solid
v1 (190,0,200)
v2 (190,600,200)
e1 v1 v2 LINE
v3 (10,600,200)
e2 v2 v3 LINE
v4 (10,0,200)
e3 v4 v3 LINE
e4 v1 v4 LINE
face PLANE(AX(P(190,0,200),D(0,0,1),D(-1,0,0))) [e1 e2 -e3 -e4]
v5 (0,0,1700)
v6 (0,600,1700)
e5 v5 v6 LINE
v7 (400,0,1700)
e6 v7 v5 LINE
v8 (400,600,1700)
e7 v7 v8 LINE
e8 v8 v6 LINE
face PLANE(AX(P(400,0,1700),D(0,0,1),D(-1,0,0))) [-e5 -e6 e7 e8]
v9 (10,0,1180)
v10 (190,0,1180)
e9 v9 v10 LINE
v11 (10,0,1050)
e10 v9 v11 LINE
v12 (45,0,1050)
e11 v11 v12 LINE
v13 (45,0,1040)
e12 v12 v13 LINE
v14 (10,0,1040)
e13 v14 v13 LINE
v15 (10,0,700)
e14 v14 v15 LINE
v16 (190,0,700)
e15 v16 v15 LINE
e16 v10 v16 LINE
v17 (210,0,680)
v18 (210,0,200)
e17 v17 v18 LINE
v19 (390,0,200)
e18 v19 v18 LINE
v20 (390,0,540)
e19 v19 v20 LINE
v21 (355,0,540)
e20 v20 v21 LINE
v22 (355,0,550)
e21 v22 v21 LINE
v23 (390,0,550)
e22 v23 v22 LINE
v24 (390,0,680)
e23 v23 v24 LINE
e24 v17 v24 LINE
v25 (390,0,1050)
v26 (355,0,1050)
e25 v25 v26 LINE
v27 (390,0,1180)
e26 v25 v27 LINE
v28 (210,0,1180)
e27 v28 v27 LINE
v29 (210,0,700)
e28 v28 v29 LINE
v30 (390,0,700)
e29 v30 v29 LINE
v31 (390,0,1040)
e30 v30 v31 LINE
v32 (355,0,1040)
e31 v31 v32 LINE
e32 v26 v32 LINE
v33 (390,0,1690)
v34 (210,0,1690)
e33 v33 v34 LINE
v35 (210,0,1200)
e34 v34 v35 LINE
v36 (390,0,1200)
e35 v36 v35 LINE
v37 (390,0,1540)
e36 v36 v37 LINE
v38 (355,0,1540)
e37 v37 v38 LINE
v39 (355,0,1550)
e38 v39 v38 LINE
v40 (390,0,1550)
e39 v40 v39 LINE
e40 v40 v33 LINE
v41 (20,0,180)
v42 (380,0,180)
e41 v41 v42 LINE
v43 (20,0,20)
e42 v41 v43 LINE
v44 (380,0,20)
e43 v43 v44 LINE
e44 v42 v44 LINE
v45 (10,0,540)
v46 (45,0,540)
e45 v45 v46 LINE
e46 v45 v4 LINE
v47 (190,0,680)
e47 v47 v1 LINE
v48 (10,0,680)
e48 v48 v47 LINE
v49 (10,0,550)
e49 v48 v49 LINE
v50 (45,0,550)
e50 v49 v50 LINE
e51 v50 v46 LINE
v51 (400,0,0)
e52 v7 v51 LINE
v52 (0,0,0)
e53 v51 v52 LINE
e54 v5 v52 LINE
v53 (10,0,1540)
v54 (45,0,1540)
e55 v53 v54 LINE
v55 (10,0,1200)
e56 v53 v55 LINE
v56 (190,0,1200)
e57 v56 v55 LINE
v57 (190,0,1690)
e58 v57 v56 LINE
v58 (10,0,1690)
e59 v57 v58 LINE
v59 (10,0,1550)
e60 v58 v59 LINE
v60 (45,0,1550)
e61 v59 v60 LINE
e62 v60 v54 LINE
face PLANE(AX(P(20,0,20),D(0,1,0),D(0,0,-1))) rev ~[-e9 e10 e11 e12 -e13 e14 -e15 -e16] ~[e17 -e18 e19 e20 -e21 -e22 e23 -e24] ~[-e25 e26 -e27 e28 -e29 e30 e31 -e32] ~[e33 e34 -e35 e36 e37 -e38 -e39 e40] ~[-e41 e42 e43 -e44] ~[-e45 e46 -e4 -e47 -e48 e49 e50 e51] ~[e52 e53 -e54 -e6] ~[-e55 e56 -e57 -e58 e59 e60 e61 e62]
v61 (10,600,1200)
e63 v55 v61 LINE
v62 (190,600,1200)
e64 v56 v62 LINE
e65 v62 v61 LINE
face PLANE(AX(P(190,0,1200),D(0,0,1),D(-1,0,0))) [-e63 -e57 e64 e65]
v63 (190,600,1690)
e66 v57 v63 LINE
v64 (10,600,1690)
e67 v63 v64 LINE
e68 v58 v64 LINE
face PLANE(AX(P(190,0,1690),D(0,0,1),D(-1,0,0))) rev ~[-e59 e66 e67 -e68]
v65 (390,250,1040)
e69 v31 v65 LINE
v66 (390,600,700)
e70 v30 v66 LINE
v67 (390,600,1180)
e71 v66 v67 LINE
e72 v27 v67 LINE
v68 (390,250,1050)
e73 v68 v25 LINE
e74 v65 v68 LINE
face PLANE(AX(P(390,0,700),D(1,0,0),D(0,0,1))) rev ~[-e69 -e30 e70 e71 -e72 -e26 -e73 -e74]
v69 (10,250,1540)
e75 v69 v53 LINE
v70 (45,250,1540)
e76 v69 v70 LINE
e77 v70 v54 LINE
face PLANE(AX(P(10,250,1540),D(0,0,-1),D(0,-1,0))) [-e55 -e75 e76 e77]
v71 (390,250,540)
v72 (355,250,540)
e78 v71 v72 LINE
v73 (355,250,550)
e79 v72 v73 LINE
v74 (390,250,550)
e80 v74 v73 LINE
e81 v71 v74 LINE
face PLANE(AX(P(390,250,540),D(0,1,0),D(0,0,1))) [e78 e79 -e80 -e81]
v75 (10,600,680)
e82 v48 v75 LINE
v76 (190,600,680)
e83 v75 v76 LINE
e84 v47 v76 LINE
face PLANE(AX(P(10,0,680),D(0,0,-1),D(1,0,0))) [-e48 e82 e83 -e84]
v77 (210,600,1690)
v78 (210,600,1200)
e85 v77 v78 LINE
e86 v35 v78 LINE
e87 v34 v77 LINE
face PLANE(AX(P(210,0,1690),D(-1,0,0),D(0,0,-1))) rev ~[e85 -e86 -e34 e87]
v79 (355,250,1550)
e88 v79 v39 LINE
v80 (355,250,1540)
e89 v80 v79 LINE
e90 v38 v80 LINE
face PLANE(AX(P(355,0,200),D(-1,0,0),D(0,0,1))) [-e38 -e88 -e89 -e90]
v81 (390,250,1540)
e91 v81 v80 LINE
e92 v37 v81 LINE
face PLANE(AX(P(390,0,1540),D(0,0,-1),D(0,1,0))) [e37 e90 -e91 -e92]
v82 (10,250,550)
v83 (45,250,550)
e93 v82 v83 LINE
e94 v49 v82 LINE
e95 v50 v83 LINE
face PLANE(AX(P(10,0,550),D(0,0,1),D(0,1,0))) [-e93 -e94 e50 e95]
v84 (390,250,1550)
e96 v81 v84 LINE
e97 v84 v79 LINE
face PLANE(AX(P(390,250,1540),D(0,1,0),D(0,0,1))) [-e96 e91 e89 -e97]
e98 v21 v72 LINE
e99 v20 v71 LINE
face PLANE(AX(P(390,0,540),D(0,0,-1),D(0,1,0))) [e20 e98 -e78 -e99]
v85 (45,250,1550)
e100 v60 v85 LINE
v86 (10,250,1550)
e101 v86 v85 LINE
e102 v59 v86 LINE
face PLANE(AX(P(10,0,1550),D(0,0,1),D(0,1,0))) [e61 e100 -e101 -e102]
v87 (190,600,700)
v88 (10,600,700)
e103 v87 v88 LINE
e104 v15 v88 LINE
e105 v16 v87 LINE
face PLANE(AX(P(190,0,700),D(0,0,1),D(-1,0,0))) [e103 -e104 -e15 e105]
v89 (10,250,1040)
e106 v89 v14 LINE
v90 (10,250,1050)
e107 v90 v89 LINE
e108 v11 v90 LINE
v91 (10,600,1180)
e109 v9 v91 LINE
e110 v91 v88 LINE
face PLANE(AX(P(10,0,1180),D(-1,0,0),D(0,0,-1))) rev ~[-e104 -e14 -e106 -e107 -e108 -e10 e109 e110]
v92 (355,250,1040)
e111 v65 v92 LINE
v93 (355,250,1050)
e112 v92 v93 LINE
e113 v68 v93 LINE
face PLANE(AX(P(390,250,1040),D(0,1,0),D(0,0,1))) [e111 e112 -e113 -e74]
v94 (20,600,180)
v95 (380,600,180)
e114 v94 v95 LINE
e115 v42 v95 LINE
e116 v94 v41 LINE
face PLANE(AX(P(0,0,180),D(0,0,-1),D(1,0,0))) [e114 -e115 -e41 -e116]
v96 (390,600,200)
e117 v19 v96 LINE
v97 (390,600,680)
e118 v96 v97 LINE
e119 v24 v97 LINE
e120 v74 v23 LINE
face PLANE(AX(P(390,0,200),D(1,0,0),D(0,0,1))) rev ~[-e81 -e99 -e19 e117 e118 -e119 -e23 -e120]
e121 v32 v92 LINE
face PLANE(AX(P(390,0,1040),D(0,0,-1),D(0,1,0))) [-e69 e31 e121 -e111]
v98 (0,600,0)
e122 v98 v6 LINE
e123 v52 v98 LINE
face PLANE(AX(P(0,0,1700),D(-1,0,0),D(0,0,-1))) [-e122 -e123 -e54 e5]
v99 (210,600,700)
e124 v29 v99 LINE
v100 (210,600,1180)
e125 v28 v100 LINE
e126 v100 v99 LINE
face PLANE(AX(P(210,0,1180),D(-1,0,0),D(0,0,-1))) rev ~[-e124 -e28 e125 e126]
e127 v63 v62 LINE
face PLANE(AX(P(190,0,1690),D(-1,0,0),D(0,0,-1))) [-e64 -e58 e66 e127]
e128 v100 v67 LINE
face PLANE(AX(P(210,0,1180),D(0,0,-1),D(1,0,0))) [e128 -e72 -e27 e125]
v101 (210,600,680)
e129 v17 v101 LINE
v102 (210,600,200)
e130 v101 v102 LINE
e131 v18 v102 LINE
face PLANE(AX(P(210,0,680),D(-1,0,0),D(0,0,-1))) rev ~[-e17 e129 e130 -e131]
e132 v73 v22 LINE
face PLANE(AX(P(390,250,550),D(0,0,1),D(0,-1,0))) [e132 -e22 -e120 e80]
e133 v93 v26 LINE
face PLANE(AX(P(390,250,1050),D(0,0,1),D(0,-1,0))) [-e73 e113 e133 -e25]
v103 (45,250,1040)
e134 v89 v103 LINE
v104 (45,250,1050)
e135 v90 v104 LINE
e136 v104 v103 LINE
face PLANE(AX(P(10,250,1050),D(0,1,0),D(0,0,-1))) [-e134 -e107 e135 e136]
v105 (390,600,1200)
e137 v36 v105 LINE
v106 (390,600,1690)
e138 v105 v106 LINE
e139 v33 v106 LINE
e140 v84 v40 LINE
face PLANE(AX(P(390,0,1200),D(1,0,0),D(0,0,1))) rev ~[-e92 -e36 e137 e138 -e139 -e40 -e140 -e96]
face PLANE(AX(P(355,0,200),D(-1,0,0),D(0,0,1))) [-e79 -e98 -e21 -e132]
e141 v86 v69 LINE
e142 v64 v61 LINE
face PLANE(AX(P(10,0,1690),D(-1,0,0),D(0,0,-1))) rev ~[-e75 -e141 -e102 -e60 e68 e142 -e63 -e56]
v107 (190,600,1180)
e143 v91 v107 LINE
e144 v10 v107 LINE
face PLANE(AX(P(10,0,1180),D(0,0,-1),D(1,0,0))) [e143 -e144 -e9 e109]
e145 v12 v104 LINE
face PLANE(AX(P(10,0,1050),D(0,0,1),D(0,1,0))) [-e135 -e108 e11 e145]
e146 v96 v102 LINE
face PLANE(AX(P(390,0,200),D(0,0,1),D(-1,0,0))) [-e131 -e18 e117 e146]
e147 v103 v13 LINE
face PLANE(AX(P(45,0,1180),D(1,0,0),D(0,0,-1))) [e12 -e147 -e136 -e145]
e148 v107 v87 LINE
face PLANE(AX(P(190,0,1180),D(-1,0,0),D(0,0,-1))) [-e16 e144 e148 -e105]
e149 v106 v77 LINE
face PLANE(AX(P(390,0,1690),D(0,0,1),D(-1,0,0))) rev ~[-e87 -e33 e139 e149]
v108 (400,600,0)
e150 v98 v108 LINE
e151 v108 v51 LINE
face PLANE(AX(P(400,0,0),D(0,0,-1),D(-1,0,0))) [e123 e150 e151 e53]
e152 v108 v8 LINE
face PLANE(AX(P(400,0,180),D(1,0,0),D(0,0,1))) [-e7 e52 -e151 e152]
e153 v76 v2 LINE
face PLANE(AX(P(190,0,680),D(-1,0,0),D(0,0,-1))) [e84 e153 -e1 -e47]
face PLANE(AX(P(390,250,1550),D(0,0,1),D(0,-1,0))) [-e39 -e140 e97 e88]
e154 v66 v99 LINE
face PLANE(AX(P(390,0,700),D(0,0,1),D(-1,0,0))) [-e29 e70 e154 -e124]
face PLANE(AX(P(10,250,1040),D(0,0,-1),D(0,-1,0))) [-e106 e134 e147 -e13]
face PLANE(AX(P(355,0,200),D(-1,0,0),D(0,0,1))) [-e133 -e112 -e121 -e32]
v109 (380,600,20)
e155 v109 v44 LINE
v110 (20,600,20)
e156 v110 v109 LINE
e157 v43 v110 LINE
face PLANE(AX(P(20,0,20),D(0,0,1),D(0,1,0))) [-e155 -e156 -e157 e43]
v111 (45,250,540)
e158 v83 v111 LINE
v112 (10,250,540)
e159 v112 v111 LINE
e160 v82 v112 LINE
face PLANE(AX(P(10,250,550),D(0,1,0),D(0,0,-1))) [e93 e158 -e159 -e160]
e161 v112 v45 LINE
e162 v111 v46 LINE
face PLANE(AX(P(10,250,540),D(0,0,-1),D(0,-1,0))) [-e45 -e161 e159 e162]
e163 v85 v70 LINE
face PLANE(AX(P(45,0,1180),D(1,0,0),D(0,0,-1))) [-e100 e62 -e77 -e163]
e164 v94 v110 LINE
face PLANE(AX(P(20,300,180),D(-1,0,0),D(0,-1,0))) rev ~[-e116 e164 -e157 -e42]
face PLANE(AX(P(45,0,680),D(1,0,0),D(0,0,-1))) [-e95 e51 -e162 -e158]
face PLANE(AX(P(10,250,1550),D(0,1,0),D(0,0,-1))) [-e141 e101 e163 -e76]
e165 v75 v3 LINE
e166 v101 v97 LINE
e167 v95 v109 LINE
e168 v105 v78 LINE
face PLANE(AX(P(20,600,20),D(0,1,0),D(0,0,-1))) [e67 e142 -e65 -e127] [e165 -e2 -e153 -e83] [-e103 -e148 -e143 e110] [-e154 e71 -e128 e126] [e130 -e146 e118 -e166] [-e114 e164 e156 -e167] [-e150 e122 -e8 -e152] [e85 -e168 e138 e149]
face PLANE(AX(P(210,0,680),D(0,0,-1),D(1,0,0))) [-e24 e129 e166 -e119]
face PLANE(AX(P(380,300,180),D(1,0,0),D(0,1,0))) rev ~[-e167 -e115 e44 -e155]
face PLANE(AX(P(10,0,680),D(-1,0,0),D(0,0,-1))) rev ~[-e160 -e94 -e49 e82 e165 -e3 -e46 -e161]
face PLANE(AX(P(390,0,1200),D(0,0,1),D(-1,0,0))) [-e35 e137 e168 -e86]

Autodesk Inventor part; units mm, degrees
ref_plane "YZ Plane" through (0, 0, 0) normal (1, 0, 0) x (0, 1, 0)
ref_plane "XZ Plane" through (0, 0, 0) normal (0, 1, 0) x (-1, 0, 0)
ref_plane "XY Plane" through (0, 0, 0) normal (0, 0, 1) x (1, 0, 0)
sketch "Sketch2" plane through (0, 0, 0) normal (0, 1, 0) x (-1, 0, 0)
  line L0 (-400, 180) -> (-400, 1700)
  line L1 (-400, 1700) -> (0, 1700)
  line L2 (0, 1700) -> (0, 180)
  line L3 (-400, 200) -> (-400, 600)
  line L4 (0, 600) -> (0, 200)
  line L5 (0, 600) -> (0, 700)
  line L6 (-400, 700) -> (-400, 600)
  line L7 (-400, 700) -> (-400, 1100)
  line L8 (0, 1100) -> (0, 700)
  line L9 (0, 1100) -> (0, 1200)
  line L10 (-400, 1200) -> (-400, 1100)
  line L11 (-400, 1200) -> (-400, 1600)
  line L12 (0, 1600) -> (0, 1200)
  line L13 (0, 200) -> (0, 180)
  line L14 (0, 180) -> (-400, 180)
  line L15 (-400, 180) -> (-400, 200)
  line L16 (0, 700) -> (0, 680)
  line L17 (-400, 680) -> (-400, 700)
  line L18 (0, 1200) -> (0, 1180)
  line L19 (-400, 1180) -> (-400, 1200)
  line L20 (-390, 200) -> (-210, 200)
  line L21 (-190, 200) -> (-10, 200)
  line L22 (-10, 200) -> (-190, 200)
  line L23 (-210, 200) -> (-390, 200)
  line L24 (-210, 680) -> (-210, 200)
  line L25 (-190, 680) -> (-190, 200)
  line L26 (-390, 700) -> (-210, 700)
  line L27 (-190, 700) -> (-10, 700)
  line L28 (-10, 700) -> (-190, 700)
  line L29 (-210, 700) -> (-390, 700)
  line L30 (-10, 700) -> (-190, 700)
  line L31 (-210, 700) -> (-390, 700)
  line L32 (-10, 680) -> (-190, 680)
  line L33 (-210, 680) -> (-390, 680)
  line L34 (-10, 680) -> (-10, 200)
  line L35 (-390, 200) -> (-390, 680)
  line L36 (-210, 1690) -> (-210, 1200)
  line L37 (-210, 1180) -> (-210, 700)
  line L38 (-190, 1690) -> (-190, 1200)
  line L39 (-190, 1180) -> (-190, 700)
  line L40 (-390, 1200) -> (-210, 1200)
  line L41 (-190, 1200) -> (-10, 1200)
  line L42 (-10, 1200) -> (-190, 1200)
  line L43 (-210, 1200) -> (-390, 1200)
  line L44 (-10, 1200) -> (-190, 1200)
  line L45 (-210, 1200) -> (-390, 1200)
  line L46 (-10, 1180) -> (-190, 1180)
  line L47 (-210, 1180) -> (-390, 1180)
  line L48 (-10, 1690) -> (-10, 1200)
  line L49 (-10, 1180) -> (-10, 700)
  line L50 (-390, 700) -> (-390, 1180)
  line L51 (-390, 1200) -> (-390, 1690)
  line L52 (-390, 1690) -> (-210, 1690)
  line L53 (-190, 1690) -> (-10, 1690)
  point P0 (0, 0)
  dimension "d0" = 400
  dimension "d6" = 400
  dimension "d7" = 100
  dimension "d8" = 400
  dimension "d9" = 400
  dimension "d10" = 100
  dimension "d11" = 400
  dimension "d12" = 400
  dimension "d14" = 400
  dimension "d15" = 20
  dimension "d16" = 20
  dimension "d17" = 20
  dimension "d25" = 10
extrude "Extrusion1" add sketch "Sketch2" along normal blind 600
sketch "Sketch3" plane through (400, 0, 180) normal (0, 0, -1) x (-1, 0, 0)
  line L0 (0, 0) -> (400, 0)
  line L1 (400, 0) -> (400, 600)
  line L2 (400, 600) -> (0, 600)
  line L3 (0, 600) -> (0, 0)
  line L4 (20, 300) -> (380, 300)
  line L5 (200, 0) -> (200, 600)
  line L6 (0, 0) -> (20, 0)
  line L7 (20, 0) -> (20, 600)
  line L8 (20, 600) -> (0, 600)
  line L9 (0, 600) -> (0, 0)
  line L10 (400, 600) -> (380, 600)
  line L11 (380, 600) -> (380, 0)
  line L12 (380, 0) -> (400, 0)
  line L13 (400, 0) -> (400, 600)
  dimension "d20" = 20
  dimension "d21" = 20
extrude "Extrusion2" add sketch "Sketch3" along normal blind 200 contours L3 L2 L7 L0 | L11 L2 L1 L0
sketch "Sketch4" plane through (10, 0, 680) normal (1, 0, 0) x (0, 0, -1)
  line L0 (0, 0) -> (480, 0) projected
  line L1 (130, 0) -> (130, 250)
  line L2 (130, 0) -> (380, 0) construction
  line L3 (130, 250) -> (140, 250)
  line L4 (140, 250) -> (140, 0)
  line L5 (130, 0) -> (140, 0)
  point P0 (680, 0)
  dimension "d26" = 250
  dimension "d27" = 90
  dimension "d28" = 10
extrude "Extrusion3" add sketch "Sketch4" along normal blind 35
sketch "Sketch5" plane through (10, 0, 1180) normal (1, 0, 0) x (0, 0, -1)
  line L0 (0, 0) -> (480, 0) projected
  line L1 (130, 0) -> (130, 250)
  line L2 (130, 0) -> (380, 0) construction
  line L3 (130, 250) -> (140, 250)
  line L4 (140, 250) -> (140, 0)
  line L5 (140, 0) -> (130, 0)
  line L6 (-510, 0) -> (-20, 0) projected
  line L7 (-370, 0) -> (-370, 250)
  line L8 (-370, 0) -> (-120, 0) construction
  line L9 (-370, 250) -> (-360, 250)
  line L10 (-360, 250) -> (-360, 0)
  line L11 (-360, 0) -> (-370, 0)
  point P0 (1180, 0)
  point P1 (-360, 0)
  dimension "d31" = 250
  dimension "d32" = 90
  dimension "d33" = 10
  dimension "d34" = 250
  dimension "d35" = 90
  dimension "d36" = 10
  dimension "d37" = 90
  dimension "d38" = 90
extrude "Extrusion4" add sketch "Sketch5" along normal blind 35
sketch "Sketch7" plane through (20, 0, 180) normal (1, 0, 0) x (0, 0, -1)
  line L0 (-1520, 0) -> (200, 0) projected
  line L1 (200, 0) -> (160, 0)
  line L2 (160, 0) -> (160, 600)
  line L3 (160, 600) -> (200, 600)
  line L4 (200, 600) -> (200, 0)
  point P0 (180, 0)
  point P1 (160, 0)
  dimension "d49" = 40
  dimension "d50" = 600
extrude "Extrusion6" add sketch "Sketch7" along normal blind 370
sketch "Sketch8" plane through (390, 0, 200) normal (-1, 0, 0) x (0, 0, 1)
  line L0 (1500, 0) -> (-220, 0) projected
  line L1 (350, 0) -> (340, 0)
  line L2 (340, 0) -> (340, 250)
  line L3 (340, 250) -> (350, 250)
  line L4 (350, 250) -> (350, 0)
  line L5 (850, 0) -> (840, 0)
  line L6 (840, 0) -> (840, 250)
  line L7 (840, 250) -> (850, 250)
  line L8 (850, 250) -> (850, 0)
  line L9 (1350, 0) -> (1340, 0)
  line L10 (1340, 0) -> (1340, 250)
  line L11 (1340, 250) -> (1350, 250)
  line L12 (1350, 250) -> (1350, 0)
  point P0 (-200, 0)
  dimension "d53" = 10
  dimension "d54" = 250
  dimension "d55" = 10
  dimension "d56" = 250
  dimension "d57" = 10
  dimension "d58" = 250
extrude "Extrusion7" add sketch "Sketch8" along normal blind 35
sketch "Sketch9" plane through (400, 0, -20) normal (0, 0, -1) x (-1, 0, 0)
  line L0 (400, 600) -> (0, 600) projected
  line L1 (400, 600) -> (0, 600)
  line L2 (0, 600) -> (0, 0)
  line L3 (0, 0) -> (400, 0)
  line L4 (400, 0) -> (400, 600)
  point P0 (400, 0)
extrude "Extrusion8" cut sketch "Sketch9" against normal blind 20
properties part number "MoldsStore"
